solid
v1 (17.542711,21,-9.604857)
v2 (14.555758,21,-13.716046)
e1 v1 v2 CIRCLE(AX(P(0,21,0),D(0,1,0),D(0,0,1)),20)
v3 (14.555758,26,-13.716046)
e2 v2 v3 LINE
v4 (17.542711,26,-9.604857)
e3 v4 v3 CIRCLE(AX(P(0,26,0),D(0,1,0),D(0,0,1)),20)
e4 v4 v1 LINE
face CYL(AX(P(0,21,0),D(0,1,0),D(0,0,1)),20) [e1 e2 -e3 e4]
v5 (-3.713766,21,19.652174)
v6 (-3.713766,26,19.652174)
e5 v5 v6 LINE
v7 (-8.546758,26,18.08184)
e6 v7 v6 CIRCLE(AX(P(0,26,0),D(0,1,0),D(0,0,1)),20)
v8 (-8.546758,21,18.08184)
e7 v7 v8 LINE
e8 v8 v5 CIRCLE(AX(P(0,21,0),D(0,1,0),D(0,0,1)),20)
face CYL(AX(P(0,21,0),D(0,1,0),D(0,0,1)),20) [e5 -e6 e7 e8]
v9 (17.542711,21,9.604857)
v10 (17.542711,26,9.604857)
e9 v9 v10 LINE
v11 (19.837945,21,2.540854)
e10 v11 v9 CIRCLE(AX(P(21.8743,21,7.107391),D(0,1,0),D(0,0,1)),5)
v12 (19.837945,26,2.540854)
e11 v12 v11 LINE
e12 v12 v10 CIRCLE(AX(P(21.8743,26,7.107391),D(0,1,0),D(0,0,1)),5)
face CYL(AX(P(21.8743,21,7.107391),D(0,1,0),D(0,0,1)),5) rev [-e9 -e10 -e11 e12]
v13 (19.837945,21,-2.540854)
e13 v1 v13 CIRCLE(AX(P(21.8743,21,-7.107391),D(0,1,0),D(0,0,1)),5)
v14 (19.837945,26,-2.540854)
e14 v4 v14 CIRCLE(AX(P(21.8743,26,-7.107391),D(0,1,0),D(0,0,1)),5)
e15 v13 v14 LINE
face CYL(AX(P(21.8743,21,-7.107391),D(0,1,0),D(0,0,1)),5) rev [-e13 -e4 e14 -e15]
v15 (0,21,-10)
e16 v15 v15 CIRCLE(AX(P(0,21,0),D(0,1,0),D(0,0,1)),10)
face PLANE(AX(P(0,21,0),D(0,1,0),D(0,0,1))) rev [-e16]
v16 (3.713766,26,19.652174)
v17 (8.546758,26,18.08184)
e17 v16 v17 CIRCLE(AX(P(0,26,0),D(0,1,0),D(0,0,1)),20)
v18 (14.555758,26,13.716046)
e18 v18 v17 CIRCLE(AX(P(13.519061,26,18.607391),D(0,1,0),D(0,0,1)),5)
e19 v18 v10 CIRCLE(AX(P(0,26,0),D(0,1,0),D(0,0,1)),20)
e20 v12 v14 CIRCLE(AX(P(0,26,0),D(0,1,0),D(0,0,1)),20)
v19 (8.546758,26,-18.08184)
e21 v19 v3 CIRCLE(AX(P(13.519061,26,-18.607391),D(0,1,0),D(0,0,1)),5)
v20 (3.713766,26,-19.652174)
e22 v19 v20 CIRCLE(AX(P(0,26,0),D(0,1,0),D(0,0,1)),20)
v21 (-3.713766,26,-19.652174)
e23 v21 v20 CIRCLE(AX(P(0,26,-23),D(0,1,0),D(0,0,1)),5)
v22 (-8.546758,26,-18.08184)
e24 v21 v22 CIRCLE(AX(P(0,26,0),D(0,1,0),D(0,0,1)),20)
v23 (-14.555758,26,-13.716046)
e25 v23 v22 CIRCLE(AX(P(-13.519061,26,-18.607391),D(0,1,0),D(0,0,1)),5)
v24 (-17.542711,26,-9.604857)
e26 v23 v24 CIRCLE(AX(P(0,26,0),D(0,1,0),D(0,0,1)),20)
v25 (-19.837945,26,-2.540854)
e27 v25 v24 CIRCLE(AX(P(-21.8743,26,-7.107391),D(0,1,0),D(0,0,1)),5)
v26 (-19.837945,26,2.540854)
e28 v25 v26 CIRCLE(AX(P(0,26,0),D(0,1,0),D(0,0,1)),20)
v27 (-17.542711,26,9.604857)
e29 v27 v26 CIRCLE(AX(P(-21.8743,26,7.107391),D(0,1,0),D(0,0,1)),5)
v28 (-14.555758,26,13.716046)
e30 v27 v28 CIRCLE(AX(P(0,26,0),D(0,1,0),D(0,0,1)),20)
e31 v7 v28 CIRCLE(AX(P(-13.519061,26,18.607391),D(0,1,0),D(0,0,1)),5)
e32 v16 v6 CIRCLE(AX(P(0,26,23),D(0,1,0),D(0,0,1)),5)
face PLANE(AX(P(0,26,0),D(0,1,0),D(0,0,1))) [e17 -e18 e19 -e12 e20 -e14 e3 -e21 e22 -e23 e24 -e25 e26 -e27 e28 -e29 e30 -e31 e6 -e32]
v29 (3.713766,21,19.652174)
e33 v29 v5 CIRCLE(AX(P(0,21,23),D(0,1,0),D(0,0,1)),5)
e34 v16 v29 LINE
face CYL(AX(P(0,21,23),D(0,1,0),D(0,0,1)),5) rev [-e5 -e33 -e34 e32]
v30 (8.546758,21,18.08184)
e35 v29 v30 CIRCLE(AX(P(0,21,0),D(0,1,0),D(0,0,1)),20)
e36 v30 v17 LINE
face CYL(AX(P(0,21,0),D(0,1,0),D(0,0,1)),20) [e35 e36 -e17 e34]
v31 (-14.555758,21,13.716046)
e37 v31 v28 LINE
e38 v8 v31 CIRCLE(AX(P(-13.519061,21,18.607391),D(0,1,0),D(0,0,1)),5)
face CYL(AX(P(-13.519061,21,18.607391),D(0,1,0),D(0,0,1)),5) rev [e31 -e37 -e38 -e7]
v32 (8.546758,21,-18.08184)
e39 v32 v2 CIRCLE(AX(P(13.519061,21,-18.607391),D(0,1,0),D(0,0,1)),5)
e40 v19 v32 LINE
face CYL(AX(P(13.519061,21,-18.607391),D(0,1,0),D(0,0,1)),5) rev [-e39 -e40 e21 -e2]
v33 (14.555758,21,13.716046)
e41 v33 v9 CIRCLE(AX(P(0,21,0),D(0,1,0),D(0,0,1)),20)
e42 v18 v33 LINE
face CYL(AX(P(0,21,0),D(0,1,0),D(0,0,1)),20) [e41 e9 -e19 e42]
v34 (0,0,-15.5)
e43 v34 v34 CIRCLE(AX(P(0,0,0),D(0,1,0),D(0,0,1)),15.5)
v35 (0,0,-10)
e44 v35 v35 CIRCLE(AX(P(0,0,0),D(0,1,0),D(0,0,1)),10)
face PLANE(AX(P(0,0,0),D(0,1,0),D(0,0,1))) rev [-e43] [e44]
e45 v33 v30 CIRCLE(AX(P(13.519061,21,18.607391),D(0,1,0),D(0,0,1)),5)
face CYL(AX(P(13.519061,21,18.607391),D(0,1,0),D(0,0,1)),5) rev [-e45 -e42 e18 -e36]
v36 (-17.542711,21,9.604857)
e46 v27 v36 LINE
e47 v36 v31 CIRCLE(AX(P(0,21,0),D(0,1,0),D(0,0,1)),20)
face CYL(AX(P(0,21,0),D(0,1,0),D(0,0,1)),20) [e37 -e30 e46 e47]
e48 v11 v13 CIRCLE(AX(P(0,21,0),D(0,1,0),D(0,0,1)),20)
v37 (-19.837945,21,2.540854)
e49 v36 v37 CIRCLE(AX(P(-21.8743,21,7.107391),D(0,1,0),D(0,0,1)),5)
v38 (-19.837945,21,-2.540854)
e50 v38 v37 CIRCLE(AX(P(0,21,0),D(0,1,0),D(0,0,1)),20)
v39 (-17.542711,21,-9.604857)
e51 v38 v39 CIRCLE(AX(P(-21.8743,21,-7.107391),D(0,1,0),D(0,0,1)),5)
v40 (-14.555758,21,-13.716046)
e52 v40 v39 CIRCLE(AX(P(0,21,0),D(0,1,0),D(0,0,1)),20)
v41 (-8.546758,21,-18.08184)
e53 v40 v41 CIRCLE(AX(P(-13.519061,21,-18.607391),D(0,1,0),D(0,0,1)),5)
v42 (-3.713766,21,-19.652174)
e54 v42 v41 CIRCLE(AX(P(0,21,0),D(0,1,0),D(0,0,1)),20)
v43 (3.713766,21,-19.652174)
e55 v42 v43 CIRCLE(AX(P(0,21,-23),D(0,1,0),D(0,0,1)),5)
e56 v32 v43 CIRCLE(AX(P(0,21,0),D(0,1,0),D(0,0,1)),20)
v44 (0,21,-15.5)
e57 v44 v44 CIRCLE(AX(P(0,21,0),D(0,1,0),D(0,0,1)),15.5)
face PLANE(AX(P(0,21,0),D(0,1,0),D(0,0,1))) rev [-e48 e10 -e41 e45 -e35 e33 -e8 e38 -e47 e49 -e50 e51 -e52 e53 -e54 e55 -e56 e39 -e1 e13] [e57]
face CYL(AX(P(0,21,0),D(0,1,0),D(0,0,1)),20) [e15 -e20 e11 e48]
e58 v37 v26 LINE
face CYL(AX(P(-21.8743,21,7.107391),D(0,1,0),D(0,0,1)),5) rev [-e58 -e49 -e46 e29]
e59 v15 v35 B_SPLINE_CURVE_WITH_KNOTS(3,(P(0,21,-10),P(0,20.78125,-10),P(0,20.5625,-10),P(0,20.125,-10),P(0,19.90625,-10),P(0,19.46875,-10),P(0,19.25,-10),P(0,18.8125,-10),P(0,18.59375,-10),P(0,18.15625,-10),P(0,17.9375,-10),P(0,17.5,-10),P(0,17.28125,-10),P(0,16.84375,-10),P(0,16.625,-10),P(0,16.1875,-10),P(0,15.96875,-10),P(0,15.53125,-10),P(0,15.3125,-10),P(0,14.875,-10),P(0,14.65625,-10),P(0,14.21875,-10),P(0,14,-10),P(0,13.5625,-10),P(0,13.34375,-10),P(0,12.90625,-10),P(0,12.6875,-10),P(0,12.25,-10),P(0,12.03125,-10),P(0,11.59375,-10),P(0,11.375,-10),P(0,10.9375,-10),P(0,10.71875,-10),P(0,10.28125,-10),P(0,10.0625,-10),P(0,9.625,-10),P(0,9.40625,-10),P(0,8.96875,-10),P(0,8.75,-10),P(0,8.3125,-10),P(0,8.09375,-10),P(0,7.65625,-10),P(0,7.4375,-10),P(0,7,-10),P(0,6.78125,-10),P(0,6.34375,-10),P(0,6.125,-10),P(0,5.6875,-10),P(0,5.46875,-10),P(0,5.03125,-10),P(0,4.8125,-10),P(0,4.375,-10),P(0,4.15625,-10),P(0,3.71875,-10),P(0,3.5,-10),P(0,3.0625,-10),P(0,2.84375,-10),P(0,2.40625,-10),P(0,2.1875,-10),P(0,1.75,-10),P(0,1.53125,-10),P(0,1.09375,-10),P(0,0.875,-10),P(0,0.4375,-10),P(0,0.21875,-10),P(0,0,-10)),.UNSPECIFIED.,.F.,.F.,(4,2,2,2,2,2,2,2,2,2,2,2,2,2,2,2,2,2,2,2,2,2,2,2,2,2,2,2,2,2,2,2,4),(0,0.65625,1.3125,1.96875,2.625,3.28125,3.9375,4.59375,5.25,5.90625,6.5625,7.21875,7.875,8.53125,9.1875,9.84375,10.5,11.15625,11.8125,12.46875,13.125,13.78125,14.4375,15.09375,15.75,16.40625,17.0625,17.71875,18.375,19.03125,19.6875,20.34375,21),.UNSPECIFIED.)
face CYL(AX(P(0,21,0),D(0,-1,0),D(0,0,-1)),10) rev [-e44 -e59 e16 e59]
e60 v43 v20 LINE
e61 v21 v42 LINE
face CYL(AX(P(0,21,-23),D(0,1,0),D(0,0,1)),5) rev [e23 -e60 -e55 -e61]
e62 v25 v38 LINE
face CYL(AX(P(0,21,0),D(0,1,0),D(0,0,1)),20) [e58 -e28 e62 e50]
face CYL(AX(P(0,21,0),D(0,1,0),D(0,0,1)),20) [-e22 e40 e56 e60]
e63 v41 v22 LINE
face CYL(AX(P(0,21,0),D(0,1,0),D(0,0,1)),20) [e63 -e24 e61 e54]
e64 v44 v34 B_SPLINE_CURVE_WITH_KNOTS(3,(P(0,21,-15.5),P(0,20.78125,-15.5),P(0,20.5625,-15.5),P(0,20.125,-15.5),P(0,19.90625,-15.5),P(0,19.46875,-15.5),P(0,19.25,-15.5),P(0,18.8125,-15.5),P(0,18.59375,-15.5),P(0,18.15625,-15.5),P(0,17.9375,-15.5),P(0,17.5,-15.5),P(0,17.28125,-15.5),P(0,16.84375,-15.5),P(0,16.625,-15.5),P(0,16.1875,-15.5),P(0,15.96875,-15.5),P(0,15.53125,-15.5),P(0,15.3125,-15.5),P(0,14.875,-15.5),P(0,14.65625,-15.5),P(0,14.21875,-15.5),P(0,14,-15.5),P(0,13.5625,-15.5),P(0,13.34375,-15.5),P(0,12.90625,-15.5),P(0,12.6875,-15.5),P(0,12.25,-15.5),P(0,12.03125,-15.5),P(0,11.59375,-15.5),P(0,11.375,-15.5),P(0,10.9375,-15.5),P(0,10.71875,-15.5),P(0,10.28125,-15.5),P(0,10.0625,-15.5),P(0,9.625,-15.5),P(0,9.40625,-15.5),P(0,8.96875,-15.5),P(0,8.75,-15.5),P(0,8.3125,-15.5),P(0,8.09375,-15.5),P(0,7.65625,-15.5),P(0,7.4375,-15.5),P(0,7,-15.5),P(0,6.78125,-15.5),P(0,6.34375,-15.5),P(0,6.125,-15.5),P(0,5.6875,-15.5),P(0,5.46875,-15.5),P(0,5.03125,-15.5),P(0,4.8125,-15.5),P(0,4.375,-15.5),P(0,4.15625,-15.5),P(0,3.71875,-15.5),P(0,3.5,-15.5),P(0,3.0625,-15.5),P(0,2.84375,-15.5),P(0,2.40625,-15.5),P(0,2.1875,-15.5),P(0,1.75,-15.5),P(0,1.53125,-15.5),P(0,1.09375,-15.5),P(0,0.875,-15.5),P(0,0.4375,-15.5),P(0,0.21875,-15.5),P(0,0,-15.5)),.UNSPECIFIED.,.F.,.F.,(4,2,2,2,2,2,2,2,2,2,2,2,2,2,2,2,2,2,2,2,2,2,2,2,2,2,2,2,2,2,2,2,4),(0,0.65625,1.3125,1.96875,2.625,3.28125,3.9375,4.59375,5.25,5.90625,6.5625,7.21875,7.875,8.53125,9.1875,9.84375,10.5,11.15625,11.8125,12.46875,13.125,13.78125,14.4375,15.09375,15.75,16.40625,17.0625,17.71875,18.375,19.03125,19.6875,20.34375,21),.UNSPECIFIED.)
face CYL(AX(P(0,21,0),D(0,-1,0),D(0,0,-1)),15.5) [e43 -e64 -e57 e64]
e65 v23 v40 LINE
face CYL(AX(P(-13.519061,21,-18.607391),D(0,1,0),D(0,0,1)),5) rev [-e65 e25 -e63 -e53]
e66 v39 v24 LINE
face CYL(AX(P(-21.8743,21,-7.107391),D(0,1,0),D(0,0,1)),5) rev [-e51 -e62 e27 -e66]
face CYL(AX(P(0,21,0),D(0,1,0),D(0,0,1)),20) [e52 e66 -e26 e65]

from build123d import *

# Parameters (mm, degrees)
CROQUIS1_R              = 15.5
CROQUIS1_R_2            = 10
SALIENTE_EXTRUIR1_DEPTH = 21
CROQUIS2_R              = 23
SALIENTE_EXTRUIR2_DEPTH = 5
CROQUIS3_R              = 5
CORTAR_EXTRUIR1_DEPTH   = 5
CORTAR_EXTRUIR2_START   = -5
CROQUIS4_R              = 23
CROQUIS4_R_2            = 20
CORTAR_EXTRUIR2_DEPTH   = 5


with BuildPart() as part:
    # Croquis1 → Saliente-Extruir1 (new body)
    with BuildSketch(Plane(origin=(0, 0, 0), x_dir=(1, 0, 0), z_dir=(0, 1, 0))):
        with Locations(Location((0, 0, 0), (0, 0, 90))):
            Circle(CROQUIS1_R)
        with Locations(Location((0, 0, 0), (0, 0, 90))):
            Circle(CROQUIS1_R_2, mode=Mode.SUBTRACT)
    extrude(amount=SALIENTE_EXTRUIR1_DEPTH)

    # Croquis2 → Saliente-Extruir2 (add)
    with BuildSketch(Plane(origin=(0, 21, 0), x_dir=(1, 0, 0), z_dir=(0, 1, 0))):
        with Locations(Location((0, 0, 0), (0, 0, 270))):
            Circle(CROQUIS2_R)
    extrude(amount=SALIENTE_EXTRUIR2_DEPTH)

    # Croquis3 → Cortar-Extruir1 (cut)
    with BuildSketch(Plane(origin=(0, 26, 0), x_dir=(1, 0, 0), z_dir=(0, 1, 0))):
        with Locations((0, 23)):
            Circle(CROQUIS3_R)
        with Locations((13.519060803, 18.607390871)):
            Circle(CROQUIS3_R)
        with Locations((21.874299875, 7.107390871)):
            Circle(CROQUIS3_R)
        with Locations((21.874299875, -7.107390871)):
            Circle(CROQUIS3_R)
        with Locations((13.519060803, -18.607390871)):
            Circle(CROQUIS3_R)
        with Locations((0, -23)):
            Circle(CROQUIS3_R)
        with Locations((-13.519060803, -18.607390871)):
            Circle(CROQUIS3_R)
        with Locations((-21.874299875, -7.107390871)):
            Circle(CROQUIS3_R)
        with Locations((-21.874299875, 7.107390871)):
            Circle(CROQUIS3_R)
        with Locations((-13.519060803, 18.607390871)):
            Circle(CROQUIS3_R)
    extrude(amount=-CORTAR_EXTRUIR1_DEPTH, mode=Mode.SUBTRACT)

    # Croquis4 → Cortar-Extruir2 (cut)
    with BuildSketch(Plane(origin=(0, 26, 0), x_dir=(1, 0, 0), z_dir=(0, 1, 0)).offset(CORTAR_EXTRUIR2_START)):
        Circle(CROQUIS4_R)
        Circle(CROQUIS4_R_2, mode=Mode.SUBTRACT)
    extrude(amount=CORTAR_EXTRUIR2_DEPTH, mode=Mode.SUBTRACT)


solid = part.part
